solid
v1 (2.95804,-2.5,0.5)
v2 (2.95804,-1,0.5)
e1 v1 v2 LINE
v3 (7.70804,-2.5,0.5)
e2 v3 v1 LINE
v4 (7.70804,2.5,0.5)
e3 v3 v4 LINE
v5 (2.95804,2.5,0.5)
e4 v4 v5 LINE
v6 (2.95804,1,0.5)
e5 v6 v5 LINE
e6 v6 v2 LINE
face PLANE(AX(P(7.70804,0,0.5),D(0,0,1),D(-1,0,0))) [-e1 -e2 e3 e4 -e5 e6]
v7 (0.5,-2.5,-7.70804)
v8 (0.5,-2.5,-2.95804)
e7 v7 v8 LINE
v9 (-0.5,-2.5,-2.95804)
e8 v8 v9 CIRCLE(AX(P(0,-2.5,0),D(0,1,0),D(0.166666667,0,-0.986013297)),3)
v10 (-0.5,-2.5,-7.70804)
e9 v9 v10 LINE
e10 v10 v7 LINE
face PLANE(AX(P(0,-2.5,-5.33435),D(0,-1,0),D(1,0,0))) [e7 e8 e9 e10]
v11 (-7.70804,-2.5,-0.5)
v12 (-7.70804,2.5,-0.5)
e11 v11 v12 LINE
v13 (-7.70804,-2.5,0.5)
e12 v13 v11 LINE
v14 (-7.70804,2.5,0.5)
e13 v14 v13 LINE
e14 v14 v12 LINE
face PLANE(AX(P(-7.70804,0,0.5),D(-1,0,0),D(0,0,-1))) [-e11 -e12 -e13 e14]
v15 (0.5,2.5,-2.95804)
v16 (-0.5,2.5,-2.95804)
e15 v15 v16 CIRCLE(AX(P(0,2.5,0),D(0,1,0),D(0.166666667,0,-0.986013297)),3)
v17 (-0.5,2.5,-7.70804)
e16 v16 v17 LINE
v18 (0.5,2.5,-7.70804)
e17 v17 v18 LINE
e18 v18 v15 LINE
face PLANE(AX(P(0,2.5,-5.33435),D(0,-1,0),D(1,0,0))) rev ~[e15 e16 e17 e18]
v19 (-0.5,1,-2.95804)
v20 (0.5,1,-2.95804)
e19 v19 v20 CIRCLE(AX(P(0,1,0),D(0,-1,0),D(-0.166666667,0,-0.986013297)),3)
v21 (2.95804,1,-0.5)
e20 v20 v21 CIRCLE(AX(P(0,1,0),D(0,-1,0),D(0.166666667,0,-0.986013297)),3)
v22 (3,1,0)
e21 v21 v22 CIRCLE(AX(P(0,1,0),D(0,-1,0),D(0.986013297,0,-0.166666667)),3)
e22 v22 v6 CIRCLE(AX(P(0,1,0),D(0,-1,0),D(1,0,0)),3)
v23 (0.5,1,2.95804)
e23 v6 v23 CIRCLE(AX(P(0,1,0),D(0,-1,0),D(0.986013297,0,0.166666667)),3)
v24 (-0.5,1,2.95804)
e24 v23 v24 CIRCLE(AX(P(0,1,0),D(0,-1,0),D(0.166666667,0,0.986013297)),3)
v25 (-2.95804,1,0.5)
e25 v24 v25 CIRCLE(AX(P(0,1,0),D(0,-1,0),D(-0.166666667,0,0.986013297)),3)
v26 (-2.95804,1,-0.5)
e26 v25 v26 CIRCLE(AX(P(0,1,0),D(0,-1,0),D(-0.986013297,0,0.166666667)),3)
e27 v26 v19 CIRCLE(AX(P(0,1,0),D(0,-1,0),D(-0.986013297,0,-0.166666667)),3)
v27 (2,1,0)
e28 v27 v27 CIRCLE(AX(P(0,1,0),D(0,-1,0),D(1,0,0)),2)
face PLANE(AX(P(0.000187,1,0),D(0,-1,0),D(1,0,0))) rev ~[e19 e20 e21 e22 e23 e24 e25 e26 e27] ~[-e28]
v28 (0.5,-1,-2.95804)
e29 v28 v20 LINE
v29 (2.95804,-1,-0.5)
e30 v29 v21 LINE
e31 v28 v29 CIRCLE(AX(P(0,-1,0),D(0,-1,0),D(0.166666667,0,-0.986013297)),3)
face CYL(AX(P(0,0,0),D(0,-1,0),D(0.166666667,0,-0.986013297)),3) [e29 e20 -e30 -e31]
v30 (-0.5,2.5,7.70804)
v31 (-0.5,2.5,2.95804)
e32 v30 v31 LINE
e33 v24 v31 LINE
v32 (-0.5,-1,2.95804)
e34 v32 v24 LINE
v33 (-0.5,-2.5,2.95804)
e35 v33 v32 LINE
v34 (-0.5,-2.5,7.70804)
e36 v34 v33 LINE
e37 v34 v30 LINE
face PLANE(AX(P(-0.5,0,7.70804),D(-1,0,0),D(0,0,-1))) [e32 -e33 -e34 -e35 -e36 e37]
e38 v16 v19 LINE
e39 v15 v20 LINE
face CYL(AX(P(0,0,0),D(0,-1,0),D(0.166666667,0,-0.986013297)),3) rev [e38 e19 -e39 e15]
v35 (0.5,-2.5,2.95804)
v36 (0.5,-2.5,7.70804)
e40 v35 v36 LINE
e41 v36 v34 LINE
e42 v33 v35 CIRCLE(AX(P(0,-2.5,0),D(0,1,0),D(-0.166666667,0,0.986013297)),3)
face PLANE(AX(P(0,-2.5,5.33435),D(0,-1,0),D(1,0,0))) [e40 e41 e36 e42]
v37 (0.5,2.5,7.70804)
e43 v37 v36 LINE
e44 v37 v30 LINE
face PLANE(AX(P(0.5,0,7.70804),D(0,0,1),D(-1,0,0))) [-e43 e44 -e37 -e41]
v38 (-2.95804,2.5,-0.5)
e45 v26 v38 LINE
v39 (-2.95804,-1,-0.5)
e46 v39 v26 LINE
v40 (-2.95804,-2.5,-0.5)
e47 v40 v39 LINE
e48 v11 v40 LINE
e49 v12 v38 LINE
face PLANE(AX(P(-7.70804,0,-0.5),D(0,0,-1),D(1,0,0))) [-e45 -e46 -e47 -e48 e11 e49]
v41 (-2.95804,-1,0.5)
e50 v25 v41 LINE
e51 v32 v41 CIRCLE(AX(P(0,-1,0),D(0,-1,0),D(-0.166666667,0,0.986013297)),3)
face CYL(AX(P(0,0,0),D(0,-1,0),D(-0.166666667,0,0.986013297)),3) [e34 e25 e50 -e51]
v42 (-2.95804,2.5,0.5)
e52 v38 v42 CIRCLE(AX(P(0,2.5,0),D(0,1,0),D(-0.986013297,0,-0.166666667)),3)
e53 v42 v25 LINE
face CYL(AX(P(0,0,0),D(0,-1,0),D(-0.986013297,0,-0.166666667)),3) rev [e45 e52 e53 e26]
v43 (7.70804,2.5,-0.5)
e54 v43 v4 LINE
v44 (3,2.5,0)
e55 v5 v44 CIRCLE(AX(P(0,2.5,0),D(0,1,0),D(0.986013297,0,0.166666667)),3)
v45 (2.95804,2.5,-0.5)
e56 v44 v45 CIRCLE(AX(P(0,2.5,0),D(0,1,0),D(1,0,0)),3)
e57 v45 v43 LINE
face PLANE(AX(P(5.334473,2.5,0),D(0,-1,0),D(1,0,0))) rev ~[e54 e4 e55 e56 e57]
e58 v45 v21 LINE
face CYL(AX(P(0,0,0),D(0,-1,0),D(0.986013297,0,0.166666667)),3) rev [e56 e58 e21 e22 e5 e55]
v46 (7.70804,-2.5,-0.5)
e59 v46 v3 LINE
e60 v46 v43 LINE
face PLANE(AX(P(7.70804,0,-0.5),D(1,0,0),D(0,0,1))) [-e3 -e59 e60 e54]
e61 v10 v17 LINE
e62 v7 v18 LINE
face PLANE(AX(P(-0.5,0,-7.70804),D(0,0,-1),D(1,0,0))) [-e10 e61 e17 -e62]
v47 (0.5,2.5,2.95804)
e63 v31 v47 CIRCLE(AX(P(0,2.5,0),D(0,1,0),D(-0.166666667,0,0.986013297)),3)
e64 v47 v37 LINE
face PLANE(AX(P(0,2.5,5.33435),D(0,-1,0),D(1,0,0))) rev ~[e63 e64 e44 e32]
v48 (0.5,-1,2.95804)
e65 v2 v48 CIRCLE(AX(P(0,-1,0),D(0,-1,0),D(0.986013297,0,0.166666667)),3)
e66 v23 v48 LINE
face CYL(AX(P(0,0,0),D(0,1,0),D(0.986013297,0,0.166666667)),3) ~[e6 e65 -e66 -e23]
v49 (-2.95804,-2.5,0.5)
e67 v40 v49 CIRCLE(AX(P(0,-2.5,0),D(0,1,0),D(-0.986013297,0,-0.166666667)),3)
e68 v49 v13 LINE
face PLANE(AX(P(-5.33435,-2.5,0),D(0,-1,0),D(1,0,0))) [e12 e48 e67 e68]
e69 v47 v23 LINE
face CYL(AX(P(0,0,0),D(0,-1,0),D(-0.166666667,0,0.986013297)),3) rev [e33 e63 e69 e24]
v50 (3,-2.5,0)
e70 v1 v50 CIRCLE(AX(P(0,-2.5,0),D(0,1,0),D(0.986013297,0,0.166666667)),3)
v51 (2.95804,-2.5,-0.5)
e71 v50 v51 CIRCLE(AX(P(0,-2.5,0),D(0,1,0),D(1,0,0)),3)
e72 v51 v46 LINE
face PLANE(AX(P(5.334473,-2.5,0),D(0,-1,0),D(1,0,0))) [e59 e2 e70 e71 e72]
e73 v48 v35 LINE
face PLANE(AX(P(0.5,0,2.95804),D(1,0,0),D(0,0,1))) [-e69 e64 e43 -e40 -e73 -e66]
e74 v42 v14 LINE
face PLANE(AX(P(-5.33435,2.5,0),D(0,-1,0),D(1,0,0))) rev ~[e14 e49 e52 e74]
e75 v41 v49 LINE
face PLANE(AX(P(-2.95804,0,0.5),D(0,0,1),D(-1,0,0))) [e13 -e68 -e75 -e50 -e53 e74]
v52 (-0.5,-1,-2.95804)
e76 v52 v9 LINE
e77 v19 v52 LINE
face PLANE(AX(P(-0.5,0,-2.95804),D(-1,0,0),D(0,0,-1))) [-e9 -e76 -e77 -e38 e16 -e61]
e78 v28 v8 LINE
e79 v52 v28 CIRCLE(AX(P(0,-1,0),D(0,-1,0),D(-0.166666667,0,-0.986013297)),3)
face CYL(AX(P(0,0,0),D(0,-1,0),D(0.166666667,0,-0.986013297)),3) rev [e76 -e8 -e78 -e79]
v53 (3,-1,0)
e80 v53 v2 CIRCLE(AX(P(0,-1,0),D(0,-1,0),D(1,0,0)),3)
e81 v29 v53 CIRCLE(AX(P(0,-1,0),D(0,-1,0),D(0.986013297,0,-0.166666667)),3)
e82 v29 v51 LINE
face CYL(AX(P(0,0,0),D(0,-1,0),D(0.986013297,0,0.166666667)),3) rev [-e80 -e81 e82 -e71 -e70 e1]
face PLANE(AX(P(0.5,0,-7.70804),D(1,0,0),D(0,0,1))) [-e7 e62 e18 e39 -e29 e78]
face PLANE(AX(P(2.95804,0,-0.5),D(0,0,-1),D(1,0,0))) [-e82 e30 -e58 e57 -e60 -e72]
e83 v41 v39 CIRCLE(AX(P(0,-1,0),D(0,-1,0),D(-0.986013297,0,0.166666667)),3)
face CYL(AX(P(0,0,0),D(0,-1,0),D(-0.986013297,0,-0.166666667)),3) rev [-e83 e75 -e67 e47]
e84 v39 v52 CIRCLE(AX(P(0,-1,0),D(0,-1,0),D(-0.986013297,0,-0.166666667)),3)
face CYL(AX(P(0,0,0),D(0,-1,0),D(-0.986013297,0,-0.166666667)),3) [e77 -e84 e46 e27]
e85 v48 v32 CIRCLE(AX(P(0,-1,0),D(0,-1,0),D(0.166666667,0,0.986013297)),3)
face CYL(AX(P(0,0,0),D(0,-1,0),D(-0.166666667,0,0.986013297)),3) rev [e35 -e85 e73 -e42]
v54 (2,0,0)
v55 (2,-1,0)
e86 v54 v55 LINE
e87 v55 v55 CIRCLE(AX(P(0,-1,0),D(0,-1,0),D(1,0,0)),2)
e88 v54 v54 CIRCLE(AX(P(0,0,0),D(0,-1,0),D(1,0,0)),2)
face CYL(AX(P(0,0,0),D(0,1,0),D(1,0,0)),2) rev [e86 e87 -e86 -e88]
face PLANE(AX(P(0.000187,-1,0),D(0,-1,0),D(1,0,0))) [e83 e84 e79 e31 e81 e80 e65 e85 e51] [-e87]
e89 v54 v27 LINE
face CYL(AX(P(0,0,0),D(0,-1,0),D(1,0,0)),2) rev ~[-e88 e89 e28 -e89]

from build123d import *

# Parameters (mm, degrees)
F1_DEPTH = 2.5
F0_R     = 2
F2_DEPTH = 1


with BuildPart() as f1:
    # F0 (on Front) → F1 (new body, symmetric)
    with BuildSketch(Plane.XZ):
        with BuildLine():
            ThreePointArc((-0.5, 2.9580398915), (0, 3), (0.5, 2.9580398915))
            Line((0.5, 2.9580398915), (0.5, 7.7080398915))
            Line((0.5, 7.7080398915), (-0.5, 7.7080398915))
            Line((-0.5, 7.7080398915), (-0.5, 2.9580398915))
        make_face()
    extrude(amount=F1_DEPTH, both=True)



with BuildPart() as f1b:
    # F0 (on Front) → F1, piece 2 (new body, symmetric)
    with BuildSketch(Plane.XZ):
        with BuildLine():
            ThreePointArc((-2.9580398915, -0.5), (-3, 0), (-2.9580398915, 0.5))
            Line((-2.9580398915, 0.5), (-7.7080398915, 0.5))
            Line((-7.7080398915, 0.5), (-7.7080398915, -0.5))
            Line((-7.7080398915, -0.5), (-2.9580398915, -0.5))
        make_face()
    extrude(amount=F1_DEPTH, both=True)


with BuildPart() as f1c:
    # F0 (on Front) → F1, piece 3 (new body, symmetric)
    with BuildSketch(Plane.XZ):
        with BuildLine():
            Line((0.5, -7.7080398915), (0.5, -2.9580398915))
            ThreePointArc((0.5, -2.9580398915), (0, -3), (-0.5, -2.9580398915))
            Line((-0.5, -2.9580398915), (-0.5, -7.7080398915))
            Line((-0.5, -7.7080398915), (0.5, -7.7080398915))
        make_face()
    extrude(amount=F1_DEPTH, both=True)


with BuildPart() as f1d:
    # F0 (on Front) → F1, piece 4 (new body, symmetric)
    with BuildSketch(Plane.XZ):
        with BuildLine():
            ThreePointArc((2.9580398915, 0.5), (2.9894915684, 0.2508787808), (3, 0))
            ThreePointArc((3, 0), (2.9894915684, -0.2508787808), (2.9580398915, -0.5))
            Line((2.9580398915, -0.5), (7.7080398915, -0.5))
            Line((7.7080398915, -0.5), (7.7080398915, 0.5))
            Line((7.7080398915, 0.5), (2.9580398915, 0.5))
        make_face()
    extrude(amount=F1_DEPTH, both=True)


with BuildPart() as f1_1:
    add(f1.part)

    add(f1b.part)  # F2 merges F1b

    add(f1c.part)  # F2 merges F1c

    add(f1d.part)  # F2 merges F1d
    # F0 (on Front) → F2 (join, symmetric)
    with BuildSketch(Plane.XZ):
        with BuildLine():
            ThreePointArc((2.9580398915, -0.5), (2.9894915684, -0.2508787808), (3, 0))
            ThreePointArc((3, 0), (2.9894915684, 0.2508787808), (2.9580398915, 0.5))
            ThreePointArc((2.9580398915, 0.5), (2.1213203436, 2.1213203436), (0.5, 2.9580398915))
            ThreePointArc((0.5, 2.9580398915), (0, 3), (-0.5, 2.9580398915))
            ThreePointArc((-0.5, 2.9580398915), (-2.1213203436, 2.1213203436), (-2.9580398915, 0.5))
            ThreePointArc((-2.9580398915, 0.5), (-3, 0), (-2.9580398915, -0.5))
            ThreePointArc((-2.9580398915, -0.5), (-2.1213203436, -2.1213203436), (-0.5, -2.9580398915))
            ThreePointArc((-0.5, -2.9580398915), (0, -3), (0.5, -2.9580398915))
            ThreePointArc((0.5, -2.9580398915), (2.1213203436, -2.1213203436), (2.9580398915, -0.5))
        make_face()
        Circle(F0_R, mode=Mode.SUBTRACT)
    extrude(amount=F2_DEPTH, both=True)


solid = f1_1.part
